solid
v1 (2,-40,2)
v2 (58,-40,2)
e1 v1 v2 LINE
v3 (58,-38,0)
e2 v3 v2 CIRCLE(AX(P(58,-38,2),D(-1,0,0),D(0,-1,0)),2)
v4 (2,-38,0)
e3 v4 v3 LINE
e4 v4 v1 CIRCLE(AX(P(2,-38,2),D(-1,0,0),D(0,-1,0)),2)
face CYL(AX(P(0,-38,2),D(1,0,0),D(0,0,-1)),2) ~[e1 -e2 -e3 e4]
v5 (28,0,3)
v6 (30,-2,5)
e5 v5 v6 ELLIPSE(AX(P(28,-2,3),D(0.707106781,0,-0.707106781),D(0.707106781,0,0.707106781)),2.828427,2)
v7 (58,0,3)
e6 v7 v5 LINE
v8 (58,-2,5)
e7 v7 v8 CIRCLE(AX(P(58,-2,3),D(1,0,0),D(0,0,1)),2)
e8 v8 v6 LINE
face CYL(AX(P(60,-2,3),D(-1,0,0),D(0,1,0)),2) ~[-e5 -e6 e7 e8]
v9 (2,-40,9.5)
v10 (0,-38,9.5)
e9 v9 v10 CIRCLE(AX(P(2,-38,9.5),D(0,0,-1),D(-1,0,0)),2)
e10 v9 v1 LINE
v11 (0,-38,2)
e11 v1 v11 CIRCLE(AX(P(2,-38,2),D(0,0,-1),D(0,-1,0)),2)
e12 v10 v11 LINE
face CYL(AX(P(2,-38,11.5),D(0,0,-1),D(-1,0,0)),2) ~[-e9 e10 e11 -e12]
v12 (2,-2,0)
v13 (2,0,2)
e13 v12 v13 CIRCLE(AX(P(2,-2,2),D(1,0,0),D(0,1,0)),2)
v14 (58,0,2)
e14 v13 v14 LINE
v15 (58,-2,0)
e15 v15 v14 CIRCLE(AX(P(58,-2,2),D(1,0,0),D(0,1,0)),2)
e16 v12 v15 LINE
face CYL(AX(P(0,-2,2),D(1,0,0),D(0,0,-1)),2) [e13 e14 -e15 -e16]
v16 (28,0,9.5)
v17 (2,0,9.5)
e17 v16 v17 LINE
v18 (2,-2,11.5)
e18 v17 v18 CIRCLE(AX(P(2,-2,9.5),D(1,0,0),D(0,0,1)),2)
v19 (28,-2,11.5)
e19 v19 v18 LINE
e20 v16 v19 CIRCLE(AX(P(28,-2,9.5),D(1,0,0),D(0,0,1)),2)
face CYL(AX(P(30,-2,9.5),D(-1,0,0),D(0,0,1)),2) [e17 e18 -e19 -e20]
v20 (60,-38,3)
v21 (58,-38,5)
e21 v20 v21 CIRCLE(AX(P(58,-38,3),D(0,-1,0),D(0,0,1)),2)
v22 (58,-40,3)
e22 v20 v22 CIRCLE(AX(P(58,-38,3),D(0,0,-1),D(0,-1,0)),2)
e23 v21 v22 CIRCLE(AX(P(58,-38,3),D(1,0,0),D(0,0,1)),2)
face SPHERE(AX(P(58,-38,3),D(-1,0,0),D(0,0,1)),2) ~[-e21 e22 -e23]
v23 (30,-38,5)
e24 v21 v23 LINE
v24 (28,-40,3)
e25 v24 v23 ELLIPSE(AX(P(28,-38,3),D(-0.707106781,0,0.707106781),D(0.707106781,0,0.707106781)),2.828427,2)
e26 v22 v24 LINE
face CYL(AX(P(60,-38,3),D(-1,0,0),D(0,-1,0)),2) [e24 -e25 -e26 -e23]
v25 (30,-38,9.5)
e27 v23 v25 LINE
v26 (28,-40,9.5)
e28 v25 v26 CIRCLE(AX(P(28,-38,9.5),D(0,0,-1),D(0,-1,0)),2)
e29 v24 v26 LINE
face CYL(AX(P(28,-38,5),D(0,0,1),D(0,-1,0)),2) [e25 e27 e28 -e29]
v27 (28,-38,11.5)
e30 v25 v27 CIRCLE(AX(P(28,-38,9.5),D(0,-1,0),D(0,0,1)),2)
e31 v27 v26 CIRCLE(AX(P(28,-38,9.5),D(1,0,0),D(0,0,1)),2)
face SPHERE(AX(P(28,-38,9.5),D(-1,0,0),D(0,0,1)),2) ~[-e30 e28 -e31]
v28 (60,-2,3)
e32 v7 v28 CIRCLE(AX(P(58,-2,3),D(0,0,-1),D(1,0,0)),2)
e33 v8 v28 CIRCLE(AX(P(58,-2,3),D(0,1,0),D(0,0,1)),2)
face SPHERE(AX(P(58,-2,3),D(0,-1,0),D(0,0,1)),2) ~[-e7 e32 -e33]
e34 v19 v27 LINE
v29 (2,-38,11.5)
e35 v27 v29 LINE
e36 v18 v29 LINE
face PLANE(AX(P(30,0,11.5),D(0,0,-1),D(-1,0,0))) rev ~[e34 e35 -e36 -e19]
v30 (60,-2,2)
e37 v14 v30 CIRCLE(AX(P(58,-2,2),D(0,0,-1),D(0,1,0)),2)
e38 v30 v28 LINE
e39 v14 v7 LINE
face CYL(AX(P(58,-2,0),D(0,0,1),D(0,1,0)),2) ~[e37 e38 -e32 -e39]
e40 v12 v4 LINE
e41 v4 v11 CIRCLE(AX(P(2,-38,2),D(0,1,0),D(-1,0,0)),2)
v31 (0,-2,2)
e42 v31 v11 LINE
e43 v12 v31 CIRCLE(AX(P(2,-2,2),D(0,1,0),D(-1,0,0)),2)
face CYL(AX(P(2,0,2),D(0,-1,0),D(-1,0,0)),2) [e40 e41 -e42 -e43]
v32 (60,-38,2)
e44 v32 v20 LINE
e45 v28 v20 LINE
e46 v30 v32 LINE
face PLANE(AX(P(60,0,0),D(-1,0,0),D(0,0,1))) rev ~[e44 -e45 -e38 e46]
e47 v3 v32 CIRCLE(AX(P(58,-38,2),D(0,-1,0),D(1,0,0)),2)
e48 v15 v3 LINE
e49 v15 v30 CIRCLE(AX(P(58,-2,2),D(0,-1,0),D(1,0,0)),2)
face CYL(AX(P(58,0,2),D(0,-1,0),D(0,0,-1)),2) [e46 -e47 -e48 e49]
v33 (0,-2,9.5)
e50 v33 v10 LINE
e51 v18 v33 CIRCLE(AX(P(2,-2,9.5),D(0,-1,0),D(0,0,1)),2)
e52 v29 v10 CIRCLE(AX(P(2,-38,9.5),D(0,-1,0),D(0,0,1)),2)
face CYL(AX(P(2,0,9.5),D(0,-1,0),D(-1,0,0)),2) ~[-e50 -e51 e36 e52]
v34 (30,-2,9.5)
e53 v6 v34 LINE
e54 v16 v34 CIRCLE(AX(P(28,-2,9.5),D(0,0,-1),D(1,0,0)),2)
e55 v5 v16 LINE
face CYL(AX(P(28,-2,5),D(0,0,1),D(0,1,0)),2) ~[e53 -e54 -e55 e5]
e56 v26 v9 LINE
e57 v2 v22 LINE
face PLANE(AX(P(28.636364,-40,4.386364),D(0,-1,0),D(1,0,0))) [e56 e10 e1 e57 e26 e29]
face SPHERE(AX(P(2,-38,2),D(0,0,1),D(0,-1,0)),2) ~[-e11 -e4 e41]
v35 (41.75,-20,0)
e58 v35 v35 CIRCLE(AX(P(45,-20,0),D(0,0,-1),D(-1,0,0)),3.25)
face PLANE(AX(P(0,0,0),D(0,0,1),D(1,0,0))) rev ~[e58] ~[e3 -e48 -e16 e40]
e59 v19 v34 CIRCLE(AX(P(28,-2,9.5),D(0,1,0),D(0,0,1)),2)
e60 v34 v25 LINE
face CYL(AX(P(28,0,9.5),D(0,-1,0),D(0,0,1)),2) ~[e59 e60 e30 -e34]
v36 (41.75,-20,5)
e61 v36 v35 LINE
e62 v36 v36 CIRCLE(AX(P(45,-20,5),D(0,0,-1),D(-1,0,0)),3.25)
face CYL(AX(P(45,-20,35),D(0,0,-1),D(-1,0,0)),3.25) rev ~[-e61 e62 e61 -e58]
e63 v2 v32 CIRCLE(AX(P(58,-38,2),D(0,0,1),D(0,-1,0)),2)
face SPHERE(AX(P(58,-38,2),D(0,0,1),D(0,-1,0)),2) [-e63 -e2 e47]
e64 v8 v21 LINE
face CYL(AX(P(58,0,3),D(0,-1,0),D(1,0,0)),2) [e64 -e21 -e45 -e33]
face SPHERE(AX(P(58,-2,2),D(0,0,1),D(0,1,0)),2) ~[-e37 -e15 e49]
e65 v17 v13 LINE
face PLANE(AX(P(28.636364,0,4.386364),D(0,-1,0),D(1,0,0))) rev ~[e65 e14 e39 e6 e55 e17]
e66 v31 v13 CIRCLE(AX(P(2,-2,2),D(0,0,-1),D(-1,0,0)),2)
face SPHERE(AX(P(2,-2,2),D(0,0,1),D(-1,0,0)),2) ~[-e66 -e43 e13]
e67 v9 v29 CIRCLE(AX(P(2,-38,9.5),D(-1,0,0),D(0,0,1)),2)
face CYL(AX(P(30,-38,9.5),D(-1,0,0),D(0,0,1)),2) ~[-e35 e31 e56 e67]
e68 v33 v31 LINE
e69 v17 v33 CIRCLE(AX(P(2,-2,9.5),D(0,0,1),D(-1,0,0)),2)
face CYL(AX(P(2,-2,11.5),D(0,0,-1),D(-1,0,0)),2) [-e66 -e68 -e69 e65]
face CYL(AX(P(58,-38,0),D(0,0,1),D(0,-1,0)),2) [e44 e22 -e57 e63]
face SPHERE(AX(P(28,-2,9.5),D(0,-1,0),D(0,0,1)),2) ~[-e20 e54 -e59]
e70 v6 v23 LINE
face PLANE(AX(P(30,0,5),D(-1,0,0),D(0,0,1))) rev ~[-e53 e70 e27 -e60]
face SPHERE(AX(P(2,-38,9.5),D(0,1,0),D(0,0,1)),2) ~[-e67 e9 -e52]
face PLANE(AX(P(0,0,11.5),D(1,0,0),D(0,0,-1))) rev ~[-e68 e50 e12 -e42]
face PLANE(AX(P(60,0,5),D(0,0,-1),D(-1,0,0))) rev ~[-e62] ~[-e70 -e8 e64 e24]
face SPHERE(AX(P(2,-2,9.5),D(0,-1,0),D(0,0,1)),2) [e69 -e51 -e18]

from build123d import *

# Parameters (mm, degrees)
F1_DEPTH = 40
F3_D     = 6.5
F3_DEPTH = 30
F4_R     = 2


with BuildPart() as f1:
    # F0 (on Front) → F1 (new body)
    with BuildSketch(Plane.XZ):
        Polygon((0, 11.5), (0, 0), (60, 0), (60, 5), (30, 5), (30, 11.5), align=None)
    extrude(amount=F1_DEPTH)

    # F3
    with Locations(Plane.XY.offset(5)):
        with Locations((45, -20)):
            Hole(F3_D / 2, depth=F3_DEPTH)

    # F4
    f4_edges = [f1.edges().sort_by_distance(p)[0] for p in [
        (0, -20, 11.5),
        (15, -40, 11.5),
        (30, -20, 11.5),
        (15, 0, 11.5),
        (0, 0, 5.75),
        (0, -40, 5.75),
        (30, -40, 8.25),
        (30, 0, 8.25),
        (45, -40, 5),
        (60, -20, 5),
        (45, 0, 5),
        (60, -40, 2.5),
        (60, 0, 2.5),
        (30, -40, 0),
        (0, -20, 0),
        (30, 0, 0),
        (60, -20, 0),
    ]]
    fillet(f4_edges, radius=F4_R)


solid = f1.part
